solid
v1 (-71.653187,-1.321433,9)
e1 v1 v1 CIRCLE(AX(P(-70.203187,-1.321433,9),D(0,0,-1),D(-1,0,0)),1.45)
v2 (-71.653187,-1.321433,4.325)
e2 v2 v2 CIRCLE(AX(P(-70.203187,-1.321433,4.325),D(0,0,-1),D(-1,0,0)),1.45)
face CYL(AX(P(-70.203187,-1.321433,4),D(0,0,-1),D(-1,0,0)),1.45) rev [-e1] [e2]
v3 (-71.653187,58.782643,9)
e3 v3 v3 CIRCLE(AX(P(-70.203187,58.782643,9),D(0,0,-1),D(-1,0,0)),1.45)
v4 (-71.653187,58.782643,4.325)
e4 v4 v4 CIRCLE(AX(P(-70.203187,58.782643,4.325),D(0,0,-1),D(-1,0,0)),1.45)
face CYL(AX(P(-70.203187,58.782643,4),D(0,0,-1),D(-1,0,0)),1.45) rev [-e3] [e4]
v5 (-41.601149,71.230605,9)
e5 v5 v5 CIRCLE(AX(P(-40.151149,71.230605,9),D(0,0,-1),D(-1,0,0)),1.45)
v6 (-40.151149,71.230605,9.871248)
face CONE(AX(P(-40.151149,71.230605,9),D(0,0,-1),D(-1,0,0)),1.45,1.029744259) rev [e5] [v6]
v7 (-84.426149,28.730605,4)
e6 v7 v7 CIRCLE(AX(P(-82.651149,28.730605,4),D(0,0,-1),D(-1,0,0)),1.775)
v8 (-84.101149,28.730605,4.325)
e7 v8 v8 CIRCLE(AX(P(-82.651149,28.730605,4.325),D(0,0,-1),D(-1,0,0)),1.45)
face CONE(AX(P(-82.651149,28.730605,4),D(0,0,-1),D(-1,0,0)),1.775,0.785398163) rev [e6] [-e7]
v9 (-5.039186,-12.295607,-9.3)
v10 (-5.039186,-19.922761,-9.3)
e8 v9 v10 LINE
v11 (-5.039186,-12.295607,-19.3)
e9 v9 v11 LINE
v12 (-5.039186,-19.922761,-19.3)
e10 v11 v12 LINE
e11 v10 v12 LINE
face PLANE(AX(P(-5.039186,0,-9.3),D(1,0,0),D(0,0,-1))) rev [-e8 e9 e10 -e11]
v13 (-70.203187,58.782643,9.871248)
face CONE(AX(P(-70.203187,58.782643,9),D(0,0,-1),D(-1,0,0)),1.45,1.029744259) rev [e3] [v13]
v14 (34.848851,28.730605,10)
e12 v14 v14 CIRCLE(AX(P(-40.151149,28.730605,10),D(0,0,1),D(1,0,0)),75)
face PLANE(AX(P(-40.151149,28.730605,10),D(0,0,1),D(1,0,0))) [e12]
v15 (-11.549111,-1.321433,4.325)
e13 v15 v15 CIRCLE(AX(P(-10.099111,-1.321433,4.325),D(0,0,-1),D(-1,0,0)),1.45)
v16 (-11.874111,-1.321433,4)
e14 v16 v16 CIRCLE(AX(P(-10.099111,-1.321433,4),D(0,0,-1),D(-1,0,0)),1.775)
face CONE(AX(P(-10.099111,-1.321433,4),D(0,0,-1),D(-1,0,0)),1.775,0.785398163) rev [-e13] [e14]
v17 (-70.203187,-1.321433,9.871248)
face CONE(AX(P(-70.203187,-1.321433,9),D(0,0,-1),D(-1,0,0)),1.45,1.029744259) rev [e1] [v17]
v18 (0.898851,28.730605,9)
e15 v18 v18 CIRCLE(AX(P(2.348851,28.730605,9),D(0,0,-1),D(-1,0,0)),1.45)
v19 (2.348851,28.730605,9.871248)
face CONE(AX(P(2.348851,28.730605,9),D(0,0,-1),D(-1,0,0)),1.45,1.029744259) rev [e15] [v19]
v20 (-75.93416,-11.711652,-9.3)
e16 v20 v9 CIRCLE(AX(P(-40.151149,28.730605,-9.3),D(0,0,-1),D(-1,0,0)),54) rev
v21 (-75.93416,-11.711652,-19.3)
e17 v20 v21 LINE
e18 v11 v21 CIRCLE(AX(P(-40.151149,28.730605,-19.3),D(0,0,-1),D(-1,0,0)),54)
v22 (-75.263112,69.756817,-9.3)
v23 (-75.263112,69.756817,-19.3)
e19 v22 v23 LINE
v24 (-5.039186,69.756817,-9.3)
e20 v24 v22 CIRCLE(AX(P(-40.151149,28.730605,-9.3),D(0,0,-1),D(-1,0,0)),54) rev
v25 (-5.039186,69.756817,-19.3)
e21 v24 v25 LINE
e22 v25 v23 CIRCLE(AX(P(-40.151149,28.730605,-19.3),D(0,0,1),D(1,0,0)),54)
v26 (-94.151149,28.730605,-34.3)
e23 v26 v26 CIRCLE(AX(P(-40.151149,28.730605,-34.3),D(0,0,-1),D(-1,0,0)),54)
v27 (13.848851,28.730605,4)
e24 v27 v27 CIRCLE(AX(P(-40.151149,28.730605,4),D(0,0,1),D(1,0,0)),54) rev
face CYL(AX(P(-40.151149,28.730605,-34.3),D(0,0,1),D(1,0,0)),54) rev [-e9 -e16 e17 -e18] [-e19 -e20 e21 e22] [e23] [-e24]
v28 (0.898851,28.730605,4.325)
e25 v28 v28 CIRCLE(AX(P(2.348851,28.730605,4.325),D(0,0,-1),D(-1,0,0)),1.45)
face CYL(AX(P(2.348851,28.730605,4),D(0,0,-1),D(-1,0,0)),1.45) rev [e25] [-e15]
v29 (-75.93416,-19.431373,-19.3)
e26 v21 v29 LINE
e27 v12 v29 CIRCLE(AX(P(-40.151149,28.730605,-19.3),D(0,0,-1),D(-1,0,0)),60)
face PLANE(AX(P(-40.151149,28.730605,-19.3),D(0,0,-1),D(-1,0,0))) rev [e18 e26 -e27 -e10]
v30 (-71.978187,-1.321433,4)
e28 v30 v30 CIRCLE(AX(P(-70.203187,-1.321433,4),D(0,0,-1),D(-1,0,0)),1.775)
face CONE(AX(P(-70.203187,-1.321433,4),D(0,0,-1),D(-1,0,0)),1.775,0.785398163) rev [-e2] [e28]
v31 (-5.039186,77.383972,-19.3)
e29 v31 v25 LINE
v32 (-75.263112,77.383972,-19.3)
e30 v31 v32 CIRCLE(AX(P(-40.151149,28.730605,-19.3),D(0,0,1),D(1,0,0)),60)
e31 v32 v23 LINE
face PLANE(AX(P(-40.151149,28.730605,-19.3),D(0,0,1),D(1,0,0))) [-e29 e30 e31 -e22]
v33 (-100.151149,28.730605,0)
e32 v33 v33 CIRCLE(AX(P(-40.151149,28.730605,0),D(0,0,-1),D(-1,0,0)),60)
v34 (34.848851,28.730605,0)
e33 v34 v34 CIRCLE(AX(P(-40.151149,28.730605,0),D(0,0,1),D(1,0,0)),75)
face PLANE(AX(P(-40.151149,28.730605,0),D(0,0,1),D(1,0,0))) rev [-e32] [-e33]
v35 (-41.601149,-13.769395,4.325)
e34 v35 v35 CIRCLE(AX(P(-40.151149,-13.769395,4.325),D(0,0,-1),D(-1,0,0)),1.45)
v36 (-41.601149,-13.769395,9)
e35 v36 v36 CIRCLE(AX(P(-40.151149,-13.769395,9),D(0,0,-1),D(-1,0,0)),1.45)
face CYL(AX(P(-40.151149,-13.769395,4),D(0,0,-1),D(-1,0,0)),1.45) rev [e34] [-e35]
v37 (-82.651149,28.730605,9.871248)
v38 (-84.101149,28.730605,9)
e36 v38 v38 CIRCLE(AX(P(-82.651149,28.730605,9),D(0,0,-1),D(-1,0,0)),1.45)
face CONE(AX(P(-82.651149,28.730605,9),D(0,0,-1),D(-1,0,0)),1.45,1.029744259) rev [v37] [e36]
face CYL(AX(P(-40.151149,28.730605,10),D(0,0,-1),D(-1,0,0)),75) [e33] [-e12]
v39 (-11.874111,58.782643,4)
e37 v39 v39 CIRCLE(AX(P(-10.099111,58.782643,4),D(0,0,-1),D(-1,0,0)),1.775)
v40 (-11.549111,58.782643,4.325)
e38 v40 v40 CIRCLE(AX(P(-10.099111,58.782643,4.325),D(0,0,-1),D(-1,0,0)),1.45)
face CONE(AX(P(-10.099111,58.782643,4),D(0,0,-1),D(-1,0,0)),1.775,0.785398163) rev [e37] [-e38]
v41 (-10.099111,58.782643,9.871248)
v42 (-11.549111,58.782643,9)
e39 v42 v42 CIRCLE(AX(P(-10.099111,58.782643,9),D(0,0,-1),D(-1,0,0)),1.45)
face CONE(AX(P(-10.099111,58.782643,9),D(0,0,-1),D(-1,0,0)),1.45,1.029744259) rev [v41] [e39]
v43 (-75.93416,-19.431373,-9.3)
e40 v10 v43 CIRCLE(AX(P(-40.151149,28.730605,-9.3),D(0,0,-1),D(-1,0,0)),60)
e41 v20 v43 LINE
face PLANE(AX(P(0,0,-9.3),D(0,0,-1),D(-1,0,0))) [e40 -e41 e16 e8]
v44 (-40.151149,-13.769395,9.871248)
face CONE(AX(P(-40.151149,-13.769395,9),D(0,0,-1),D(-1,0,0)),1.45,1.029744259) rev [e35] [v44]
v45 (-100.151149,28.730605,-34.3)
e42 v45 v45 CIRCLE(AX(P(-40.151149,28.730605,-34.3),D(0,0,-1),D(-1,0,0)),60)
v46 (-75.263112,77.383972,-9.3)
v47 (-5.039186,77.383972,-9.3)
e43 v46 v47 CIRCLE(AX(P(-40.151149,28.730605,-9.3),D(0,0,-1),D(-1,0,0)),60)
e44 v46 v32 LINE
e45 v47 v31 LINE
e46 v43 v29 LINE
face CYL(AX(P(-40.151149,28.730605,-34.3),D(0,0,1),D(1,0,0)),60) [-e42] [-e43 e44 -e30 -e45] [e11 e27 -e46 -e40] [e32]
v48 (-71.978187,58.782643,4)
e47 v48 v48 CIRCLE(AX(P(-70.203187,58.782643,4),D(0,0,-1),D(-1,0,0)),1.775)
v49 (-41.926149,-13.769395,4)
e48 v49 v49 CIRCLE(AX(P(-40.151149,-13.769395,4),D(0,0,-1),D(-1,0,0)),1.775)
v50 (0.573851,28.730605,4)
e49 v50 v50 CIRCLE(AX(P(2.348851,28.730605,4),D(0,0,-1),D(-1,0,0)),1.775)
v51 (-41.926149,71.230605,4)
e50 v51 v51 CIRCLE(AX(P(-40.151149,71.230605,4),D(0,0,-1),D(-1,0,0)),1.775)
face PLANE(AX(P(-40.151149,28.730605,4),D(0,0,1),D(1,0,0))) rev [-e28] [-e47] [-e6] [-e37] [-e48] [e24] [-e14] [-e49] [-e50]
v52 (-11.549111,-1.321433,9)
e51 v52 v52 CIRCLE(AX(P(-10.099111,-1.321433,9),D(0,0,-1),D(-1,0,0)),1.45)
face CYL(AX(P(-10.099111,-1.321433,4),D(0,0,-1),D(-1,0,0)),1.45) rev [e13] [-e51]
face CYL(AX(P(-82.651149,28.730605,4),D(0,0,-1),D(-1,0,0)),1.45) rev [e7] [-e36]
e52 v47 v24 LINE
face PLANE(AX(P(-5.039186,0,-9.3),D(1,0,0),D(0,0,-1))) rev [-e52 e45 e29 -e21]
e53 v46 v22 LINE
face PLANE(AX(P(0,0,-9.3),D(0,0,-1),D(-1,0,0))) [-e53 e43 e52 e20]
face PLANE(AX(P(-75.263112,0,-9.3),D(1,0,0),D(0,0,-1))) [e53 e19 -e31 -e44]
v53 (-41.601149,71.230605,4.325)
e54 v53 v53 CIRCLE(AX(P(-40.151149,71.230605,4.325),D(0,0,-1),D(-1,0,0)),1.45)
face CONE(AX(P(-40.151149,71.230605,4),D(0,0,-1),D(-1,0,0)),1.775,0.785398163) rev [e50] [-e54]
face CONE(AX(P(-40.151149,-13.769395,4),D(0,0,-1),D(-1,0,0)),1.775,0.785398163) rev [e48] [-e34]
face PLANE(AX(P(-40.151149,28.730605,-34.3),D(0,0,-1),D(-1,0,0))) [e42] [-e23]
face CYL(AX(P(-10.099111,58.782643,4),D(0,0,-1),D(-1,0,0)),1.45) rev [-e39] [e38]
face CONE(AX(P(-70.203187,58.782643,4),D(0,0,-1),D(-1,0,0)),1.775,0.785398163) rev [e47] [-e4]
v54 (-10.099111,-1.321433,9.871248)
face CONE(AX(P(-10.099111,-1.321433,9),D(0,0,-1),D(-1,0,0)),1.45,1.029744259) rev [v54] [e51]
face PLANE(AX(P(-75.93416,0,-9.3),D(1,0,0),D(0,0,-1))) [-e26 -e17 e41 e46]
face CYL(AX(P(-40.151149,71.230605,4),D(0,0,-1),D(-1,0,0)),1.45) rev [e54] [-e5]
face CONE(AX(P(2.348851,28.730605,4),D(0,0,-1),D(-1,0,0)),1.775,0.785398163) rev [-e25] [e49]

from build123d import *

# Parameters (mm, degrees)
SKETCH_2_R                    = 75
EXTRUDE_1_DEPTH               = 10
SKETCH_3_R                    = 60
EXTRUDE_3_DEPTH               = 34.3
SHELL_2_T                     = -6
CUT_EXTRUDE_START             = -25
CUT_EXTRUDE_2_DEPTH           = 25
EXTRUDE_START                 = -15
EXTRUDE_4_DEPTH               = 15
HOLE_WIZARD_M3_5_1_AT_2_COUNT = 2
HOLE_WIZARD_M3_5_1_AT_2_PITCH = 60.104076401
HOLE_WIZARD_M3_5_1_AT_3_COUNT = 2
HOLE_WIZARD_M3_5_1_AT_3_PITCH = 85
HOLE_WIZARD_M3_5_1_AT_4_COUNT = 2
HOLE_WIZARD_M3_5_1_AT_4_PITCH = 60.104076401
PATTERN_CIRCULAR_1_COUNT      = 4
PATTERN_CIRCULAR_1_ANGLE      = 135


with BuildPart() as part:
    # 草图2 → 凸台-拉伸1 (new body)
    with BuildSketch(Plane.XY):
        with Locations((-40.151148837, 28.730605226)):
            Circle(SKETCH_2_R)
    extrude(amount=EXTRUDE_1_DEPTH)

    # 草图3 → 凸台-拉伸3 (add)
    with BuildSketch(Plane(origin=(0, 0, 0), x_dir=(-1, 0, 0), z_dir=(0, 0, -1))):
        with Locations((40.151148837, 28.730605226)):
            Circle(SKETCH_3_R)
    extrude(amount=EXTRUDE_3_DEPTH)

    # 抽壳2
    shell_2_openings = [part.faces().sort_by_distance(p)[0] for p in [
        (-40.151148837, 28.730605226, -34.3),
    ]]
    offset(amount=SHELL_2_T, openings=shell_2_openings, kind=Kind.INTERSECTION)

    # 草图5 → 切除-拉伸2 (cut)
    with BuildSketch(Plane(origin=(0, 0, -34.3), x_dir=(-1, 0, 0), z_dir=(0, 0, -1)).offset(CUT_EXTRUDE_START)):
        with BuildLine():
            ThreePointArc((75.263111693, 77.38397165), (40.151148837, 88.730605226), (5.039185981, 77.38397165))
            Line((5.039185981, 77.38397165), (5.039185981, 69.756817145))
            ThreePointArc((5.039185981, 69.756817145), (40.151148837, 82.730605226), (75.263111693, 69.756817145))
            Line((75.263111693, 69.756817145), (75.263111693, 77.38397165))
        make_face()
        with BuildLine():
            Line((5.039185981, -12.295606692), (5.039185981, -19.922761198))
            ThreePointArc((5.039185981, -19.922761198), (40.567011683, -31.267953574), (75.934159557, -19.43137297))
            Line((75.934159557, -19.43137297), (75.934159557, -11.711651681))
            ThreePointArc((75.934159557, -11.711651681), (40.595926503, -25.26756301), (5.039185981, -12.295606692))
        make_face()
    extrude(amount=CUT_EXTRUDE_2_DEPTH, mode=Mode.SUBTRACT)

    # 草图6 → 凸台-拉伸4 (add)
    with BuildSketch(Plane(origin=(0, 0, -34.3), x_dir=(-1, 0, 0), z_dir=(0, 0, -1)).offset(EXTRUDE_START)):
        with BuildLine():
            Line((5.039185981, 77.38397165), (5.039185981, 69.756817145))
            ThreePointArc((5.039185981, 69.756817145), (40.151148837, 82.730605226), (75.263111693, 69.756817145))
            Line((75.263111693, 69.756817145), (75.263111693, 77.38397165))
            ThreePointArc((75.263111693, 77.38397165), (40.151148837, 88.730605226), (5.039185981, 77.38397165))
        make_face()
        with BuildLine():
            Line((75.934159557, -11.711651681), (75.934159557, -19.43137297))
            ThreePointArc((75.934159557, -19.43137297), (40.567011683, -31.267953574), (5.039185981, -19.922761198))
            Line((5.039185981, -19.922761198), (5.039185981, -12.295606692))
            ThreePointArc((5.039185981, -12.295606692), (40.595926503, -25.26756301), (75.934159557, -11.711651681))
        make_face()
    extrude(amount=EXTRUDE_4_DEPTH)

    # 草图10 → M3.5 螺纹孔1 (revolve, cut)
    with BuildSketch(Plane(origin=(2.348851163, 28.730605226, 4), x_dir=(0, 1, 0), z_dir=(1, 0, 0))):
        Polygon((0, 0), (0, 5.871247898), (1.45, 5), (1.45, 0.325), (1.775, 0), align=None)
    hole_wizard_m3_5_1 = revolve(axis=Axis((2.348851163, 28.730605226, -2.35), (0, 0, 1)), mode=Mode.SUBTRACT)

    # M3.5 螺纹孔1 at 2: M3.5 螺纹孔1 ×2
    with Locations(*[Vector(-0.7071067811865475, 0.7071067811865476, 0) * (i * HOLE_WIZARD_M3_5_1_AT_2_PITCH) for i in range(1, HOLE_WIZARD_M3_5_1_AT_2_COUNT)]):
        add(hole_wizard_m3_5_1, mode=Mode.SUBTRACT)

    # M3.5 螺纹孔1 at 3: M3.5 螺纹孔1 ×2
    with Locations(*[(-i * HOLE_WIZARD_M3_5_1_AT_3_PITCH, 0, 0) for i in range(1, HOLE_WIZARD_M3_5_1_AT_3_COUNT)]):
        add(hole_wizard_m3_5_1, mode=Mode.SUBTRACT)

    # M3.5 螺纹孔1 at 4: M3.5 螺纹孔1 ×2
    with Locations(*[Vector(-0.7071067811865476, -0.7071067811865476, 0) * (i * HOLE_WIZARD_M3_5_1_AT_4_PITCH) for i in range(1, HOLE_WIZARD_M3_5_1_AT_4_COUNT)]):
        add(hole_wizard_m3_5_1, mode=Mode.SUBTRACT)

    # 阵列(圆周)1: M3.5 螺纹孔1 ×4 about axis
    pattern_circular_1_axis = Axis((-40.151148837, 28.730605226, 0), (0, 0, -1))
    for i in range(1, PATTERN_CIRCULAR_1_COUNT):
        add(hole_wizard_m3_5_1.rotate(pattern_circular_1_axis, i * PATTERN_CIRCULAR_1_ANGLE / (PATTERN_CIRCULAR_1_COUNT - 1)), mode=Mode.SUBTRACT)

    # 阵列(圆周)1 copy 1 sketch → 阵列(圆周)1 copy 1 (revolve, cut)
    with BuildSketch(Plane(origin=(-10.099110636, 58.782643427, 4), x_dir=(0.7071067811865487, 0.7071067811865464, 0), z_dir=(0.7071067811865464, -0.7071067811865487, 0))):
        Polygon((0, 0), (0, 5.871247898), (1.45, 5), (1.45, 0.325), (1.775, 0), align=None)
    revolve(axis=Axis((-10.099110636, 58.782643427, -2.35), (0, 0, 1)), mode=Mode.SUBTRACT)

    # 阵列(圆周)1 copy 2 sketch → 阵列(圆周)1 copy 2 (revolve, cut)
    with BuildSketch(Plane(origin=(2.348851163, 28.730605226, 4), x_dir=(1, 0, 0), z_dir=(0, -1, 0))):
        Polygon((0, 0), (0, 5.871247898), (1.45, 5), (1.45, 0.325), (1.775, 0), align=None)
    revolve(axis=Axis((2.348851163, 28.730605226, -2.35), (0, 0, 1)), mode=Mode.SUBTRACT)

    # 阵列(圆周)1 copy 3 sketch → 阵列(圆周)1 copy 3 (revolve, cut)
    with BuildSketch(Plane(origin=(-10.099110636, -1.321432974, 4), x_dir=(0.7071067811865441, -0.7071067811865509, 0), z_dir=(-0.7071067811865509, -0.7071067811865441, 0))):
        Polygon((0, 0), (0, 5.871247898), (1.45, 5), (1.45, 0.325), (1.775, 0), align=None)
    revolve(axis=Axis((-10.099110636, -1.321432974, -2.35), (0, 0, 1)), mode=Mode.SUBTRACT)

    # 阵列(圆周)1 copy 4 sketch → 阵列(圆周)1 copy 4 (revolve, cut)
    with BuildSketch(Plane(origin=(-70.203187037, 58.782643427, 4), x_dir=(0.7071067811865487, 0.7071067811865464, 0), z_dir=(0.7071067811865464, -0.7071067811865487, 0))):
        Polygon((0, 0), (0, 5.871247898), (1.45, 5), (1.45, 0.325), (1.775, 0), align=None)
    revolve(axis=Axis((-70.203187037, 58.782643427, -2.35), (0, 0, 1)), mode=Mode.SUBTRACT)

    # 阵列(圆周)1 copy 5 sketch → 阵列(圆周)1 copy 5 (revolve, cut)
    with BuildSketch(Plane(origin=(-40.151148837, 71.230605226, 4), x_dir=(1, 0, 0), z_dir=(0, -1, 0))):
        Polygon((0, 0), (0, 5.871247898), (1.45, 5), (1.45, 0.325), (1.775, 0), align=None)
    revolve(axis=Axis((-40.151148837, 71.230605226, -2.35), (0, 0, 1)), mode=Mode.SUBTRACT)

    # 阵列(圆周)1 copy 6 sketch → 阵列(圆周)1 copy 6 (revolve, cut)
    with BuildSketch(Plane(origin=(-10.099110636, 58.782643427, 4), x_dir=(0.7071067811865441, -0.7071067811865509, 0), z_dir=(-0.7071067811865509, -0.7071067811865441, 0))):
        Polygon((0, 0), (0, 5.871247898), (1.45, 5), (1.45, 0.325), (1.775, 0), align=None)
    revolve(axis=Axis((-10.099110636, 58.782643427, -2.35), (0, 0, 1)), mode=Mode.SUBTRACT)

    # 阵列(圆周)1 copy 7 sketch → 阵列(圆周)1 copy 7 (revolve, cut)
    with BuildSketch(Plane(origin=(-70.203187037, -1.321432974, 4), x_dir=(0.7071067811865487, 0.7071067811865464, 0), z_dir=(0.7071067811865464, -0.7071067811865487, 0))):
        Polygon((0, 0), (0, 5.871247898), (1.45, 5), (1.45, 0.325), (1.775, 0), align=None)
    revolve(axis=Axis((-70.203187037, -1.321432974, -2.35), (0, 0, 1)), mode=Mode.SUBTRACT)

    # 阵列(圆周)1 copy 8 sketch → 阵列(圆周)1 copy 8 (revolve, cut)
    with BuildSketch(Plane(origin=(-82.651148837, 28.730605226, 4), x_dir=(1, 0, 0), z_dir=(0, -1, 0))):
        Polygon((0, 0), (0, 5.871247898), (1.45, 5), (1.45, 0.325), (1.775, 0), align=None)
    revolve(axis=Axis((-82.651148837, 28.730605226, -2.35), (0, 0, 1)), mode=Mode.SUBTRACT)

    # 阵列(圆周)1 copy 9 sketch → 阵列(圆周)1 copy 9 (revolve, cut)
    with BuildSketch(Plane(origin=(-70.203187037, 58.782643427, 4), x_dir=(0.7071067811865441, -0.7071067811865509, 0), z_dir=(-0.7071067811865509, -0.7071067811865441, 0))):
        Polygon((0, 0), (0, 5.871247898), (1.45, 5), (1.45, 0.325), (1.775, 0), align=None)
    revolve(axis=Axis((-70.203187037, 58.782643427, -2.35), (0, 0, 1)), mode=Mode.SUBTRACT)


solid = part.part
